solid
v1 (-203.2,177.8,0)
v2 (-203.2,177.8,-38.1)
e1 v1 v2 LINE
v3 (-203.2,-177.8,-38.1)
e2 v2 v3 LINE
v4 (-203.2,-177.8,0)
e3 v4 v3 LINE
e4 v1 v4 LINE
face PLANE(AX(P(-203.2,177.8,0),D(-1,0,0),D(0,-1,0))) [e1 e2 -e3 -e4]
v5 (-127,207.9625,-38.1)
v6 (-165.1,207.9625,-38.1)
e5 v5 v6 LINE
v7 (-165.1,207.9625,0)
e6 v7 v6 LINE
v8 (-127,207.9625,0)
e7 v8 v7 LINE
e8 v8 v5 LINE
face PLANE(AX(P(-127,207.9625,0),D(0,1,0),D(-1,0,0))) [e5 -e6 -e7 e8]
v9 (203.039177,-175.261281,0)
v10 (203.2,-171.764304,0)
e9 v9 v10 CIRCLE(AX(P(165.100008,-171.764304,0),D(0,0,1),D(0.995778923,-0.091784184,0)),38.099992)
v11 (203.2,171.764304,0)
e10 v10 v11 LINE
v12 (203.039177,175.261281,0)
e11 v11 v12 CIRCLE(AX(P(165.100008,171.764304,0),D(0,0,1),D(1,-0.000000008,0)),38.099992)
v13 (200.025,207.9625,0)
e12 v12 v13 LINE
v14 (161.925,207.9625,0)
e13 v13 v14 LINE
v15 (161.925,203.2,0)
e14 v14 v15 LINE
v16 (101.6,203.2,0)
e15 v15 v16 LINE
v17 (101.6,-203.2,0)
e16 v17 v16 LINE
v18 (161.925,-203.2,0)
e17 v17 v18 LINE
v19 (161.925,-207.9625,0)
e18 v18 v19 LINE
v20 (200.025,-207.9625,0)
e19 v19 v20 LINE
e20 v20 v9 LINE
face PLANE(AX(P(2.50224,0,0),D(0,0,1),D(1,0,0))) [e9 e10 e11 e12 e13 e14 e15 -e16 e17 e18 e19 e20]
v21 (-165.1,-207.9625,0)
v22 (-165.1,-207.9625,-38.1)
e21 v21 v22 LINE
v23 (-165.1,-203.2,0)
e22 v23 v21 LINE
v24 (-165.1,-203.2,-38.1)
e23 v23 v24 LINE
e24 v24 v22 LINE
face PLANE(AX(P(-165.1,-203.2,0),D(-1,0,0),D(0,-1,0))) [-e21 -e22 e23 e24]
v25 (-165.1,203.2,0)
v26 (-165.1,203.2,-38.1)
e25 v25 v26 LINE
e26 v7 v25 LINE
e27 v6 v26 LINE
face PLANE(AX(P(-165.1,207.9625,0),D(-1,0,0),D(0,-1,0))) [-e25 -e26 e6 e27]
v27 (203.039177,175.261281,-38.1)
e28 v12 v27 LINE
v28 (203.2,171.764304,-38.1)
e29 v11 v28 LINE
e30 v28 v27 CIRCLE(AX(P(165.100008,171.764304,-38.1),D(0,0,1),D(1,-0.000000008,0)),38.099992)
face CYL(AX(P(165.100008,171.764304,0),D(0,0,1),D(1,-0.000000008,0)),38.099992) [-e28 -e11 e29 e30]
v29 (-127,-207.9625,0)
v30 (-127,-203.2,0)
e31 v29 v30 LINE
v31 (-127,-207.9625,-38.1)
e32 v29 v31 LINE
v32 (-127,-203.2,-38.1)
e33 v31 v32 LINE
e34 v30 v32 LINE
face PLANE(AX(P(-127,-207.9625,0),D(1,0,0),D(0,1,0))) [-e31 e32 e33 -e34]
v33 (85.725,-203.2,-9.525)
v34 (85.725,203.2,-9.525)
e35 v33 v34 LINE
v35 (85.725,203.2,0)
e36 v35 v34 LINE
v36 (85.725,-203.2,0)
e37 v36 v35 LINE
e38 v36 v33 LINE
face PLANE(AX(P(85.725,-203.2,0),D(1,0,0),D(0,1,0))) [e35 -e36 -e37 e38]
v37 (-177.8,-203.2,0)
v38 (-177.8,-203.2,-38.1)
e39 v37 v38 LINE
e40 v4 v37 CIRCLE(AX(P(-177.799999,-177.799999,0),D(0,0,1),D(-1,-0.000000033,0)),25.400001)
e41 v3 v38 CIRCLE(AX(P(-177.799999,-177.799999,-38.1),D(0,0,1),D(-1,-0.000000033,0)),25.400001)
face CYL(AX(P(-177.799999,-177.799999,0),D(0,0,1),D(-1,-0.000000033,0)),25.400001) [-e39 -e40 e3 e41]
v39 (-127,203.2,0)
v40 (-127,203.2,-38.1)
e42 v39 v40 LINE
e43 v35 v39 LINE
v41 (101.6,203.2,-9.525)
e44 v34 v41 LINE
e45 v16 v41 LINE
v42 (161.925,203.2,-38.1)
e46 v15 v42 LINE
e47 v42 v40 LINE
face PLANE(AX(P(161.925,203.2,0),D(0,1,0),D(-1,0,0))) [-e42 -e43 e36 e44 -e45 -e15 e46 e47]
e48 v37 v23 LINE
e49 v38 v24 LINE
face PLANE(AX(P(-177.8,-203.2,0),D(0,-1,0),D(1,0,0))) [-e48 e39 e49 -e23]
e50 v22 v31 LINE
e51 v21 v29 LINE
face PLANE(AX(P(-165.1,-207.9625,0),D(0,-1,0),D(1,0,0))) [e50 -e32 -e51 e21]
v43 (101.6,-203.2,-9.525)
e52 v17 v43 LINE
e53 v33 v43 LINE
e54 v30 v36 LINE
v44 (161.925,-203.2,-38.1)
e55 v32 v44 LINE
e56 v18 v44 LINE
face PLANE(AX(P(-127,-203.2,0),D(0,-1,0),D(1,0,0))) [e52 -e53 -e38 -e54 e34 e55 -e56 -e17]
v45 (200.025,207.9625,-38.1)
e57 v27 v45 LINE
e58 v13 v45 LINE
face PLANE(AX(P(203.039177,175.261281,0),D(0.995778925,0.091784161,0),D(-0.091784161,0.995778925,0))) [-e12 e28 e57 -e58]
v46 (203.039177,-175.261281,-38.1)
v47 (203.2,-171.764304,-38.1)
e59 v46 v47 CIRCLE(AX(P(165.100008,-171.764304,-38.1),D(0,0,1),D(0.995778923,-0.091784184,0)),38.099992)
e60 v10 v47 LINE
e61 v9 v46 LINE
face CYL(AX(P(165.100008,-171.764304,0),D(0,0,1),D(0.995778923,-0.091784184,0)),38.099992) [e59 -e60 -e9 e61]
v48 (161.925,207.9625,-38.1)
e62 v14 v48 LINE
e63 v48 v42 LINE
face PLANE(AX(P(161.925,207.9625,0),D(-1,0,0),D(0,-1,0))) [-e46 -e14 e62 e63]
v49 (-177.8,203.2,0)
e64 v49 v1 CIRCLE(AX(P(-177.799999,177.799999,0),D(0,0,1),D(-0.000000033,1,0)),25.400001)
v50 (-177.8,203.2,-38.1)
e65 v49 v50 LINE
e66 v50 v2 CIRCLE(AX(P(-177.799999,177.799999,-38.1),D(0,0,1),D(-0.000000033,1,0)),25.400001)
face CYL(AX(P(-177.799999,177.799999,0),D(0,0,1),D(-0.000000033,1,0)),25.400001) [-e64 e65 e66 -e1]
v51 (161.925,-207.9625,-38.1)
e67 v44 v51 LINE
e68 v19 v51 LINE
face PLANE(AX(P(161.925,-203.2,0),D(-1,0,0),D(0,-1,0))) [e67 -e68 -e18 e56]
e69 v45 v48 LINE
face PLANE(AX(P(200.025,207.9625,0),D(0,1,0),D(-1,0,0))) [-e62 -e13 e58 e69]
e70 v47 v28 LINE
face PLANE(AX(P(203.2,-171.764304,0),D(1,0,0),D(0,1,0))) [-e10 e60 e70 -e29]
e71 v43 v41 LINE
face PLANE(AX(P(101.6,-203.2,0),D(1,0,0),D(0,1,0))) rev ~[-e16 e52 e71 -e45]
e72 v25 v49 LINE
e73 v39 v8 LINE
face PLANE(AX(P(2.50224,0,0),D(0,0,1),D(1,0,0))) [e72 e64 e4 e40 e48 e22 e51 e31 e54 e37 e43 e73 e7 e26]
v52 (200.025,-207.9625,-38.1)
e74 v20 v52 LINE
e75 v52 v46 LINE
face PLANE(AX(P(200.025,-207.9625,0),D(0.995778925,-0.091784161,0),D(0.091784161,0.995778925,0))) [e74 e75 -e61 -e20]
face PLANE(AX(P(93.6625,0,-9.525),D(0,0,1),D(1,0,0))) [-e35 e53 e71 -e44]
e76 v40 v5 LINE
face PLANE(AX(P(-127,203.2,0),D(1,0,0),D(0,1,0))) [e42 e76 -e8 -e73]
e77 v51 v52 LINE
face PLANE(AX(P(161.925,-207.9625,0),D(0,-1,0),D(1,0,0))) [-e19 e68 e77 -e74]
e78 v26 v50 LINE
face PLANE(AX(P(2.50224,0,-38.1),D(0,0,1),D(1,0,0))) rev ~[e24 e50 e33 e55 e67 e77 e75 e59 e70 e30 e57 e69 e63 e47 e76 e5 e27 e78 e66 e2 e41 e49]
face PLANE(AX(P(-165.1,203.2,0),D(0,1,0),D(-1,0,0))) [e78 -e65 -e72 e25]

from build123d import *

# Parameters (mm, degrees)
F1_DEPTH = 38.1
F2_W     = 15.875
F2_H     = 406.4
F3_DEPTH = 9.525


with BuildPart() as f1:
    # F0 (on Top) → F1 (new body)
    with BuildSketch(Plane.XY):
        with BuildLine():
            Line((-165.1, 203.2), (-177.8, 203.2))
            ThreePointArc((-177.8, 203.2), (-195.760512, 195.760512), (-203.2, 177.8))
            Line((-203.2, 177.8), (-203.2, -177.8))
            ThreePointArc((-203.2, -177.8), (-195.760512, -195.760512), (-177.8, -203.2))
            Line((-177.8, -203.2), (-165.1, -203.2))
            Line((-165.1, -203.2), (-165.1, -207.9625))
            Line((-165.1, -207.9625), (-127, -207.9625))
            Line((-127, -207.9625), (-127, -203.2))
            Line((-127, -203.2), (161.925, -203.2))
            Line((161.925, -203.2), (161.925, -207.9625))
            Line((161.925, -207.9625), (200.025, -207.9625))
            Line((200.025, -207.9625), (203.039177, -175.261281))
            ThreePointArc((203.039177, -175.261281), (203.159773, -173.514641), (203.2, -171.764304))
            Line((203.2, -171.764304), (203.2, 171.764304))
            ThreePointArc((203.2, 171.764304), (203.159773, 173.514641), (203.039177, 175.261281))
            Line((203.039177, 175.261281), (200.025, 207.9625))
            Line((200.025, 207.9625), (161.925, 207.9625))
            Line((161.925, 207.9625), (161.925, 203.2))
            Line((161.925, 203.2), (-127, 203.2))
            Line((-127, 203.2), (-127, 207.9625))
            Line((-127, 207.9625), (-165.1, 207.9625))
            Line((-165.1, 207.9625), (-165.1, 203.2))
        make_face()
    extrude(amount=-F1_DEPTH)

    # F2 (on face) → F3 (cut)
    with BuildSketch(Plane.XY):
        with Locations((93.6625, 0)):
            Rectangle(F2_W, F2_H)
    extrude(amount=-F3_DEPTH, mode=Mode.SUBTRACT)


solid = f1.part
